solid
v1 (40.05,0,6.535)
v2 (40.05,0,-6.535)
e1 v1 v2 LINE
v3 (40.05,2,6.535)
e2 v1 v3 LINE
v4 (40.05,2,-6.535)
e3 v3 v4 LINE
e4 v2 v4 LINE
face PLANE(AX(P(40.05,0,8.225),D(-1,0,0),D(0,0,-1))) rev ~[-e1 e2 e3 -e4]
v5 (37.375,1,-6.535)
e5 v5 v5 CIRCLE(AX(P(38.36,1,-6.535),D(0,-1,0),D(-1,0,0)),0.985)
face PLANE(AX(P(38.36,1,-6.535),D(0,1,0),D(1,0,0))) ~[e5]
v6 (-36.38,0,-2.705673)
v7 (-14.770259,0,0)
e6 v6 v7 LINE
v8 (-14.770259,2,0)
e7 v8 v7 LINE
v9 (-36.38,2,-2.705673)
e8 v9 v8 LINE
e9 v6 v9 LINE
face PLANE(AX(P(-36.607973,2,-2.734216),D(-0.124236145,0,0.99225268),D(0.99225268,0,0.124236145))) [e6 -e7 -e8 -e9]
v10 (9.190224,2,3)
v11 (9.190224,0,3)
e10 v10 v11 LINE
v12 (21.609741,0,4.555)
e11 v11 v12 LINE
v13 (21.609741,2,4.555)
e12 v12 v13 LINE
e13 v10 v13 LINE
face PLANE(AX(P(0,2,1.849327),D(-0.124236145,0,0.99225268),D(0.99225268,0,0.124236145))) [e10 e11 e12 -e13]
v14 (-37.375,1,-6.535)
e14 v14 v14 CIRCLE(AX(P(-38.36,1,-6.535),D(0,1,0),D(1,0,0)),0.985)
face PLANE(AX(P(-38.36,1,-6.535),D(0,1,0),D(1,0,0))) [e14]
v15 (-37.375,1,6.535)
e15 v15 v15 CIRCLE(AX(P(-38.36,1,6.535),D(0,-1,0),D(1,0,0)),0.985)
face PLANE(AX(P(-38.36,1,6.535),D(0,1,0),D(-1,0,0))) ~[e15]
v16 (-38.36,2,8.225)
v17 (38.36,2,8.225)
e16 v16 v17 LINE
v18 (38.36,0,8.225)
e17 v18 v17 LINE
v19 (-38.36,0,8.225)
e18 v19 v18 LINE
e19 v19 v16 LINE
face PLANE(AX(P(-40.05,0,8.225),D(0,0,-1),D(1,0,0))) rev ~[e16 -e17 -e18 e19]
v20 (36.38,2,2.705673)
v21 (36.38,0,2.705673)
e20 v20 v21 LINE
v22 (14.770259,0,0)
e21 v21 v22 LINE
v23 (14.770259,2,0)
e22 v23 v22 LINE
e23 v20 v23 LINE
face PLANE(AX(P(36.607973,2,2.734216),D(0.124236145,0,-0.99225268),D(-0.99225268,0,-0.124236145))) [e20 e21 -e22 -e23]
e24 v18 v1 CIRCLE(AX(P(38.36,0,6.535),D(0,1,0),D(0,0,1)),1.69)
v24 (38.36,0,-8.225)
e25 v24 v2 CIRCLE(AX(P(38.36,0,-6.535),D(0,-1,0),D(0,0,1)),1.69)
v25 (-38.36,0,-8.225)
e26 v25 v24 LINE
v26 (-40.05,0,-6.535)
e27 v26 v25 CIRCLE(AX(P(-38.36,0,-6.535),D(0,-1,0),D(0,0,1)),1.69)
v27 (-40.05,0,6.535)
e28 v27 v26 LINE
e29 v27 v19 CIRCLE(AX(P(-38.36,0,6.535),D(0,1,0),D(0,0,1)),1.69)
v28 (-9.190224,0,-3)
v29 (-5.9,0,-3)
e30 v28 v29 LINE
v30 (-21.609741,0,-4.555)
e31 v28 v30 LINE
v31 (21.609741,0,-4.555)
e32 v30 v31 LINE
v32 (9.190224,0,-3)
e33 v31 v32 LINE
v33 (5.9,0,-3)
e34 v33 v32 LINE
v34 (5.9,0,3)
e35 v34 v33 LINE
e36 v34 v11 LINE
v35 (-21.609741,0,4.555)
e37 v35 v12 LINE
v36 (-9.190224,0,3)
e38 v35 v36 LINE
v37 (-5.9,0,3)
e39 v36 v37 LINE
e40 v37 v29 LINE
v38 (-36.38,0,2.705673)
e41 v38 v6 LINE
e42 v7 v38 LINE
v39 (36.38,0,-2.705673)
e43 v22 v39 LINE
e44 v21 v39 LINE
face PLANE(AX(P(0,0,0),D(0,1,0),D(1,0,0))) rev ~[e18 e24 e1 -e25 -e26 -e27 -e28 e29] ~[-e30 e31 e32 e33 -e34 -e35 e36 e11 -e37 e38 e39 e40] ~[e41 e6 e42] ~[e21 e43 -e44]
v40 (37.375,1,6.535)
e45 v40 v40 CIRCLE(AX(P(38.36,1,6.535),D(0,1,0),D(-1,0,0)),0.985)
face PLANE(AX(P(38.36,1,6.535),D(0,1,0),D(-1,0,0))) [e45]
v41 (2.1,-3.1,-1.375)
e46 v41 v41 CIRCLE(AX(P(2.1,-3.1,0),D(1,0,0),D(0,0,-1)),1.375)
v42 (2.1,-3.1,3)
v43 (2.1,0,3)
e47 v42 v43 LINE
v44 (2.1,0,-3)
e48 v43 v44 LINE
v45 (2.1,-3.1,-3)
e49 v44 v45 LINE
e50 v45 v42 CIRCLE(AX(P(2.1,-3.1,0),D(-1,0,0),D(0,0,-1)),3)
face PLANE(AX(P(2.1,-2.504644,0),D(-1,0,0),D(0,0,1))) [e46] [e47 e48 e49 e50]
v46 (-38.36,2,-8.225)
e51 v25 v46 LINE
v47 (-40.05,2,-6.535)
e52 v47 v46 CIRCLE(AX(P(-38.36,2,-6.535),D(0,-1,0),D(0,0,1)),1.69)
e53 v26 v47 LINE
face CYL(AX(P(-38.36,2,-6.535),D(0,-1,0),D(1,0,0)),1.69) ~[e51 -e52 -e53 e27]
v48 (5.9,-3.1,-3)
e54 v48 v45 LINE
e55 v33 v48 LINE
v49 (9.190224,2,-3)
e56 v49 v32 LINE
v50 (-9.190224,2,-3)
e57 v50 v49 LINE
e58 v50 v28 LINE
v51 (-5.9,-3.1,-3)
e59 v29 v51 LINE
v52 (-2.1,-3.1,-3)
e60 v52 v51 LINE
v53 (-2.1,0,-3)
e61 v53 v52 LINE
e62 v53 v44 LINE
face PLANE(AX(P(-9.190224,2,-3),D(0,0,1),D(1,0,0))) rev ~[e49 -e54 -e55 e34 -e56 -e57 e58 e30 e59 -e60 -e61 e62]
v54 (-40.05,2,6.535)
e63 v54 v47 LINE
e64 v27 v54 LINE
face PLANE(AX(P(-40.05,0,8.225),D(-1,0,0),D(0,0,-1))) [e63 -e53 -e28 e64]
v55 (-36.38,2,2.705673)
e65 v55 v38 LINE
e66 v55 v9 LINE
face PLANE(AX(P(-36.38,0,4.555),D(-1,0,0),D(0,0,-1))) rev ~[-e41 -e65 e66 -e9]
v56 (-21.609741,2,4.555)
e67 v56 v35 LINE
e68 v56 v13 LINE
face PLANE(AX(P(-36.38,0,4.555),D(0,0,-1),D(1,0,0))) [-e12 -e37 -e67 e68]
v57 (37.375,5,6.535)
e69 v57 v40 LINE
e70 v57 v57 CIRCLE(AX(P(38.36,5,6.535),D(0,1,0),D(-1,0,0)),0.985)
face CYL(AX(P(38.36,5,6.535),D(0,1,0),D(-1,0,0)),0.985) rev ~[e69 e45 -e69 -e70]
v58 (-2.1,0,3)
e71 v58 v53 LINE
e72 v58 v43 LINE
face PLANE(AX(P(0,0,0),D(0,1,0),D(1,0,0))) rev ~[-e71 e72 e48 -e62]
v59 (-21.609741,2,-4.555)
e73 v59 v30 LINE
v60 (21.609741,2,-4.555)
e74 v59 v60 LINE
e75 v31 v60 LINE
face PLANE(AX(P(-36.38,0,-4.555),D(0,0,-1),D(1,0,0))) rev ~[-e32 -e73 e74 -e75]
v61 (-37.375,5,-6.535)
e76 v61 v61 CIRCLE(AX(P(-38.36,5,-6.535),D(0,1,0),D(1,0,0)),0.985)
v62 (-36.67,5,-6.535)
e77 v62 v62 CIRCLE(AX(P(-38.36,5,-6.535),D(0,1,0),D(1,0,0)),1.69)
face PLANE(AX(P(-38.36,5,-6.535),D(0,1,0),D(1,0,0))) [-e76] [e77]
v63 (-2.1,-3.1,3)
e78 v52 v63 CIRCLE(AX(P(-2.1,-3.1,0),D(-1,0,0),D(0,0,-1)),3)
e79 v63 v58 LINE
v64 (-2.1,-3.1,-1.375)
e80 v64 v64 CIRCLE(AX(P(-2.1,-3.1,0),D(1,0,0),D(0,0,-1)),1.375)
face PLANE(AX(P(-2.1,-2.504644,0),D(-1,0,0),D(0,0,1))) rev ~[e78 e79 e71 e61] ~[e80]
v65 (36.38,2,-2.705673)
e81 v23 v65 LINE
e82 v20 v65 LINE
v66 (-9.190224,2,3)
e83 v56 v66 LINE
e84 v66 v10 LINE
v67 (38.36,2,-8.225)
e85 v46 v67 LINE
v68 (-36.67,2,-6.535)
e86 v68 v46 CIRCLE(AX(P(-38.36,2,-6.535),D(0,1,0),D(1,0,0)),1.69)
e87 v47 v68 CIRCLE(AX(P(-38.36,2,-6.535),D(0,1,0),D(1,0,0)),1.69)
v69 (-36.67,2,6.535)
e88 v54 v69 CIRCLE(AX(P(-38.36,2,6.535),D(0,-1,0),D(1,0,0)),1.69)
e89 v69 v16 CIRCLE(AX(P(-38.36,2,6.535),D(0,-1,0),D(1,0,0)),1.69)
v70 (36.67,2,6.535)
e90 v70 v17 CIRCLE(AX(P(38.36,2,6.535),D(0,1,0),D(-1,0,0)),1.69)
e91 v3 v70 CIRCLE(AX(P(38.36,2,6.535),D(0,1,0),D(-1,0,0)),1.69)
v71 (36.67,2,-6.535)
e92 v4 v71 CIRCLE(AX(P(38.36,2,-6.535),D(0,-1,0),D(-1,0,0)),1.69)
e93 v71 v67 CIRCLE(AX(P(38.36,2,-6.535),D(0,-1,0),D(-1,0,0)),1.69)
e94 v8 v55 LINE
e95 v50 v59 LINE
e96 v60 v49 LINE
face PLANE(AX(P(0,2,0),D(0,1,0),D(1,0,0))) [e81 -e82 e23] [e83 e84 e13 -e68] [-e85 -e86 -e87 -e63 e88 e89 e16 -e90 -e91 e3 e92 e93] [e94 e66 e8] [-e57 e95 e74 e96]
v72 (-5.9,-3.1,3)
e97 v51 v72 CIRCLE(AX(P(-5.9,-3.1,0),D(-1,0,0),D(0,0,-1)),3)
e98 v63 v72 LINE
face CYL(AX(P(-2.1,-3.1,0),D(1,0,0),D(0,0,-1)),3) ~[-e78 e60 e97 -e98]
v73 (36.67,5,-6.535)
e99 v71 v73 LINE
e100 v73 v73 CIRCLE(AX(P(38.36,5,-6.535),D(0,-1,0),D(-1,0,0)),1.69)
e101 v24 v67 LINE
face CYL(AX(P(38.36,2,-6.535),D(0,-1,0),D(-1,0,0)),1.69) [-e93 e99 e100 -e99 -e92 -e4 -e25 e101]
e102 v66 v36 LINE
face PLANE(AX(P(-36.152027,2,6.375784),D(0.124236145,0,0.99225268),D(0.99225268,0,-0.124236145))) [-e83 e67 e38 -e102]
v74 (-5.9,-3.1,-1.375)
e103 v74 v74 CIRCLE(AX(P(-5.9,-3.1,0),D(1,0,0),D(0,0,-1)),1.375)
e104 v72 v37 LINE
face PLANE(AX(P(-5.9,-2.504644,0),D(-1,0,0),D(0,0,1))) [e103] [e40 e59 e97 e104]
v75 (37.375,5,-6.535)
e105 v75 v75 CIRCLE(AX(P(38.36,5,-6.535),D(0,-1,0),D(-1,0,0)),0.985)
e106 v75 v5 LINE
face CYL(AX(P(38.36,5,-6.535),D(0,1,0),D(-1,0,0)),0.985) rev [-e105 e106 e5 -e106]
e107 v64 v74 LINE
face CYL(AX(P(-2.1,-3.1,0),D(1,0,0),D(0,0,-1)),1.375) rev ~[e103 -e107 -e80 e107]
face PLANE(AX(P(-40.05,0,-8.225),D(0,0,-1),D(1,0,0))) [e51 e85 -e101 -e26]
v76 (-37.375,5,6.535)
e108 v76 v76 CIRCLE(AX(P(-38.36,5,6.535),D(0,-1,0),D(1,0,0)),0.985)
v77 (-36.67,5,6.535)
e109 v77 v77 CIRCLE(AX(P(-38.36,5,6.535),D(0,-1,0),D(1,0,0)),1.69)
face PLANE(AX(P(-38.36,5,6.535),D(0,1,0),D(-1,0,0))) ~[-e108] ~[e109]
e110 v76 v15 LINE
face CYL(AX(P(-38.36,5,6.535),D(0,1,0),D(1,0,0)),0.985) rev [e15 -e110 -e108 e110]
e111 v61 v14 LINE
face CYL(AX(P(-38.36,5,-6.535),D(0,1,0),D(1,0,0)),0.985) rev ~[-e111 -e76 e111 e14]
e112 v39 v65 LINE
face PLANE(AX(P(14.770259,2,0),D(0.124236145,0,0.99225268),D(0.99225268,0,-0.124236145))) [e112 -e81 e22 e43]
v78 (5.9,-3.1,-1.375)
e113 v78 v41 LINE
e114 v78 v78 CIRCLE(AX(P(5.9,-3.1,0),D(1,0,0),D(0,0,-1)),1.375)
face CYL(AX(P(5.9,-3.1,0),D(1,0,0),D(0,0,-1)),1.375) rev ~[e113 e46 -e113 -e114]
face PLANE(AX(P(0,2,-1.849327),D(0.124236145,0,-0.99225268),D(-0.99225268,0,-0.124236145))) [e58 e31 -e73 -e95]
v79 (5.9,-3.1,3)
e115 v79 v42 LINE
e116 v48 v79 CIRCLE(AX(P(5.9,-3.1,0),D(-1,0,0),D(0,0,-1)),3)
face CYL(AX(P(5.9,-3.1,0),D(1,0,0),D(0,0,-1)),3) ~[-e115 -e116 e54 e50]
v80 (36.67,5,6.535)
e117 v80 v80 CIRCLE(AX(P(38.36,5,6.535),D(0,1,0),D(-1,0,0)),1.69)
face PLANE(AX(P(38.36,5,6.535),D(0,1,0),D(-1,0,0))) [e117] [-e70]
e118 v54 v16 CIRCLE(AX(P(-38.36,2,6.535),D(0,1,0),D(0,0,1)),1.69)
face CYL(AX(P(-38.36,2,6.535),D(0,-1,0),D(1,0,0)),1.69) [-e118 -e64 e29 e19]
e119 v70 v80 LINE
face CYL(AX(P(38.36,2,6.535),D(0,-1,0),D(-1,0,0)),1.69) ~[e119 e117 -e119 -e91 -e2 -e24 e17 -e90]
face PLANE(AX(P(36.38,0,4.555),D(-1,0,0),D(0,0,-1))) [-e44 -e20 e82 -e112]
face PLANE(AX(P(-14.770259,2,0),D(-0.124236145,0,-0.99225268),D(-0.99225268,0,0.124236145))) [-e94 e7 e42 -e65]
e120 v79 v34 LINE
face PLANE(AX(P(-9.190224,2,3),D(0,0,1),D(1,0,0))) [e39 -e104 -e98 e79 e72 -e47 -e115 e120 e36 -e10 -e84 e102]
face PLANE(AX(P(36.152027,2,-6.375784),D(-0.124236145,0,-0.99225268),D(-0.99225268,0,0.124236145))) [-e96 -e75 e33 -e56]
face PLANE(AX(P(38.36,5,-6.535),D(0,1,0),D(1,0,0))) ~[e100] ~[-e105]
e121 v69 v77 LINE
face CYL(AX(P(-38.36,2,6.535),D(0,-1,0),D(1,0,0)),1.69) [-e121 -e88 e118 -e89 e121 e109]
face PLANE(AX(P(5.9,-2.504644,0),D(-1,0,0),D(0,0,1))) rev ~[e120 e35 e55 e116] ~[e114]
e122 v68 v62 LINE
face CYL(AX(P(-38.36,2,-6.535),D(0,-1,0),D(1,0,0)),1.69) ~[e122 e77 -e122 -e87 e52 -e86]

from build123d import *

# Parameters (mm, degrees)
SKETCH2_W               = 80.1
SKETCH2_H               = 16.45
SKETCH2_W_2             = 72.76
SKETCH2_H_2             = 9.11
EXTRUDE_THIN1_DEPTH     = 2
EXTRUDE_THIN2_DEPTH     = 2
SKETCH6_W               = 18.3804486
SKETCH6_H               = 6
BOSS_EXTRUDE2_DEPTH     = 2
SKETCH7_R               = 1.375
BOSS_EXTRUDE3_DEPTH     = 3.8
LPATTERN1_COUNT         = 2
LPATTERN1_PITCH         = 8
FILLET2_R               = 1.69
SKETCH8_R               = 1.69
BOSS_EXTRUDE4_DEPTH     = 3
CUT_EXTRUDE1_START      = 3
SKETCH4_R               = 0.985
CUT_EXTRUDE1_DEPTH      = 4
MIRROR2_COPY_1_SKETCH_R = 1.69
MIRROR2_COPY_1_DEPTH    = 3
MIRROR2_START           = 3
MIRROR2_COPY_2_SKETCH_R = 0.985
MIRROR2_COPY_2_DEPTH    = 4


with BuildPart() as part:
    # Sketch2 → Extrude-Thin1 (new body)
    with BuildSketch(Plane(origin=(0, 0, 0), x_dir=(1, 0, 0), z_dir=(0, 1, 0))):
        Rectangle(SKETCH2_W, SKETCH2_H)
        Rectangle(SKETCH2_W_2, SKETCH2_H_2, mode=Mode.SUBTRACT)
    extrude(amount=EXTRUDE_THIN1_DEPTH)

    # Sketch3 → Extrude-Thin2 (add, through all)
    with BuildSketch(Plane(origin=(0, 2, 0), x_dir=(1, 0, 0), z_dir=(0, 1, 0))):
        Polygon((-36.607973326, 2.734216333), (36.152026674, -6.375783667), (36.607973326, -2.734216333), (-36.152026674, 6.375783667), align=None)
        Polygon((36.152026674, 6.375783667), (-36.607973326, -2.734216333), (-36.152026674, -6.375783667), (36.607973326, 2.734216333), align=None)
    extrude(amount=-EXTRUDE_THIN2_DEPTH)

    # Sketch6 → Boss-Extrude2 (add, through all)
    with BuildSketch(Plane(origin=(0, 2, 0), x_dir=(1, 0, 0), z_dir=(0, 1, 0))):
        Rectangle(SKETCH6_W, SKETCH6_H)
    extrude(amount=-BOSS_EXTRUDE2_DEPTH)

    # Sketch7 → Boss-Extrude3 (add)
    with BuildSketch(Plane(origin=(5.9, 0, 0), x_dir=(0, 0, -1), z_dir=(1, 0, 0))):
        with BuildLine():
            Line((-3, -3.1), (-3, 0))
            Line((-3, 0), (3, 0))
            Line((3, 0), (3, -3.1))
            ThreePointArc((3, -3.1), (0, -6.1), (-3, -3.1))
        make_face()
        with Locations((0, -3.1)):
            Circle(SKETCH7_R, mode=Mode.SUBTRACT)
    boss_extrude3 = extrude(amount=-BOSS_EXTRUDE3_DEPTH)

    # LPattern1: Boss-Extrude3 ×2
    with Locations(*[(-i * LPATTERN1_PITCH, 0, 0) for i in range(1, LPATTERN1_COUNT)]):
        add(boss_extrude3)

    # Fillet2
    fillet2_edges = [part.edges().sort_by_distance(p)[0] for p in [
        (40.05, 1, 8.225),
        (-40.05, 1, 8.225),
        (-40.05, 1, -8.225),
        (40.05, 1, -8.225),
    ]]
    fillet(fillet2_edges, radius=FILLET2_R)

    # Sketch8 → Boss-Extrude4 (add)
    with BuildSketch(Plane(origin=(0, 2, 0), x_dir=(1, 0, 0), z_dir=(0, 1, 0))):
        with Locations((-38.36, 6.535)):
            Circle(SKETCH8_R)
    boss_extrude4 = extrude(amount=BOSS_EXTRUDE4_DEPTH)

    # Sketch4 → Cut-Extrude1 (cut)
    with BuildSketch(Plane(origin=(0, 2, 0), x_dir=(1, 0, 0), z_dir=(0, 1, 0)).offset(CUT_EXTRUDE1_START)):
        with Locations((-38.36, 6.535)):
            Circle(SKETCH4_R)
    cut_extrude1 = extrude(amount=-CUT_EXTRUDE1_DEPTH, mode=Mode.SUBTRACT)

    # Mirror1: Boss-Extrude4, Cut-Extrude1 across plane
    add(boss_extrude4.mirror(Plane.XY))
    add(cut_extrude1.mirror(Plane.XY), mode=Mode.SUBTRACT)

    # Mirror2: Boss-Extrude4, Cut-Extrude1 across plane
    add(boss_extrude4.mirror(Plane(origin=(0, 0, 0), x_dir=(0, 0, 1), z_dir=(1, 0, 0))))
    add(cut_extrude1.mirror(Plane(origin=(0, 0, 0), x_dir=(0, 0, 1), z_dir=(1, 0, 0))), mode=Mode.SUBTRACT)

    # Mirror2 copy 1 sketch → Mirror2 copy 1 (add)
    with BuildSketch(Plane(origin=(0, 2, 0), x_dir=(-1, 0, 0), z_dir=(0, 1, 0))):
        with Locations((-38.36, 6.535)):
            Circle(MIRROR2_COPY_1_SKETCH_R)
    extrude(amount=MIRROR2_COPY_1_DEPTH)

    # Mirror2 copy 2 sketch → Mirror2 copy 2 (cut)
    with BuildSketch(Plane(origin=(0, 2, 0), x_dir=(-1, 0, 0), z_dir=(0, 1, 0)).offset(MIRROR2_START)):
        with Locations((-38.36, 6.535)):
            Circle(MIRROR2_COPY_2_SKETCH_R)
    extrude(amount=-MIRROR2_COPY_2_DEPTH, mode=Mode.SUBTRACT)


solid = part.part
